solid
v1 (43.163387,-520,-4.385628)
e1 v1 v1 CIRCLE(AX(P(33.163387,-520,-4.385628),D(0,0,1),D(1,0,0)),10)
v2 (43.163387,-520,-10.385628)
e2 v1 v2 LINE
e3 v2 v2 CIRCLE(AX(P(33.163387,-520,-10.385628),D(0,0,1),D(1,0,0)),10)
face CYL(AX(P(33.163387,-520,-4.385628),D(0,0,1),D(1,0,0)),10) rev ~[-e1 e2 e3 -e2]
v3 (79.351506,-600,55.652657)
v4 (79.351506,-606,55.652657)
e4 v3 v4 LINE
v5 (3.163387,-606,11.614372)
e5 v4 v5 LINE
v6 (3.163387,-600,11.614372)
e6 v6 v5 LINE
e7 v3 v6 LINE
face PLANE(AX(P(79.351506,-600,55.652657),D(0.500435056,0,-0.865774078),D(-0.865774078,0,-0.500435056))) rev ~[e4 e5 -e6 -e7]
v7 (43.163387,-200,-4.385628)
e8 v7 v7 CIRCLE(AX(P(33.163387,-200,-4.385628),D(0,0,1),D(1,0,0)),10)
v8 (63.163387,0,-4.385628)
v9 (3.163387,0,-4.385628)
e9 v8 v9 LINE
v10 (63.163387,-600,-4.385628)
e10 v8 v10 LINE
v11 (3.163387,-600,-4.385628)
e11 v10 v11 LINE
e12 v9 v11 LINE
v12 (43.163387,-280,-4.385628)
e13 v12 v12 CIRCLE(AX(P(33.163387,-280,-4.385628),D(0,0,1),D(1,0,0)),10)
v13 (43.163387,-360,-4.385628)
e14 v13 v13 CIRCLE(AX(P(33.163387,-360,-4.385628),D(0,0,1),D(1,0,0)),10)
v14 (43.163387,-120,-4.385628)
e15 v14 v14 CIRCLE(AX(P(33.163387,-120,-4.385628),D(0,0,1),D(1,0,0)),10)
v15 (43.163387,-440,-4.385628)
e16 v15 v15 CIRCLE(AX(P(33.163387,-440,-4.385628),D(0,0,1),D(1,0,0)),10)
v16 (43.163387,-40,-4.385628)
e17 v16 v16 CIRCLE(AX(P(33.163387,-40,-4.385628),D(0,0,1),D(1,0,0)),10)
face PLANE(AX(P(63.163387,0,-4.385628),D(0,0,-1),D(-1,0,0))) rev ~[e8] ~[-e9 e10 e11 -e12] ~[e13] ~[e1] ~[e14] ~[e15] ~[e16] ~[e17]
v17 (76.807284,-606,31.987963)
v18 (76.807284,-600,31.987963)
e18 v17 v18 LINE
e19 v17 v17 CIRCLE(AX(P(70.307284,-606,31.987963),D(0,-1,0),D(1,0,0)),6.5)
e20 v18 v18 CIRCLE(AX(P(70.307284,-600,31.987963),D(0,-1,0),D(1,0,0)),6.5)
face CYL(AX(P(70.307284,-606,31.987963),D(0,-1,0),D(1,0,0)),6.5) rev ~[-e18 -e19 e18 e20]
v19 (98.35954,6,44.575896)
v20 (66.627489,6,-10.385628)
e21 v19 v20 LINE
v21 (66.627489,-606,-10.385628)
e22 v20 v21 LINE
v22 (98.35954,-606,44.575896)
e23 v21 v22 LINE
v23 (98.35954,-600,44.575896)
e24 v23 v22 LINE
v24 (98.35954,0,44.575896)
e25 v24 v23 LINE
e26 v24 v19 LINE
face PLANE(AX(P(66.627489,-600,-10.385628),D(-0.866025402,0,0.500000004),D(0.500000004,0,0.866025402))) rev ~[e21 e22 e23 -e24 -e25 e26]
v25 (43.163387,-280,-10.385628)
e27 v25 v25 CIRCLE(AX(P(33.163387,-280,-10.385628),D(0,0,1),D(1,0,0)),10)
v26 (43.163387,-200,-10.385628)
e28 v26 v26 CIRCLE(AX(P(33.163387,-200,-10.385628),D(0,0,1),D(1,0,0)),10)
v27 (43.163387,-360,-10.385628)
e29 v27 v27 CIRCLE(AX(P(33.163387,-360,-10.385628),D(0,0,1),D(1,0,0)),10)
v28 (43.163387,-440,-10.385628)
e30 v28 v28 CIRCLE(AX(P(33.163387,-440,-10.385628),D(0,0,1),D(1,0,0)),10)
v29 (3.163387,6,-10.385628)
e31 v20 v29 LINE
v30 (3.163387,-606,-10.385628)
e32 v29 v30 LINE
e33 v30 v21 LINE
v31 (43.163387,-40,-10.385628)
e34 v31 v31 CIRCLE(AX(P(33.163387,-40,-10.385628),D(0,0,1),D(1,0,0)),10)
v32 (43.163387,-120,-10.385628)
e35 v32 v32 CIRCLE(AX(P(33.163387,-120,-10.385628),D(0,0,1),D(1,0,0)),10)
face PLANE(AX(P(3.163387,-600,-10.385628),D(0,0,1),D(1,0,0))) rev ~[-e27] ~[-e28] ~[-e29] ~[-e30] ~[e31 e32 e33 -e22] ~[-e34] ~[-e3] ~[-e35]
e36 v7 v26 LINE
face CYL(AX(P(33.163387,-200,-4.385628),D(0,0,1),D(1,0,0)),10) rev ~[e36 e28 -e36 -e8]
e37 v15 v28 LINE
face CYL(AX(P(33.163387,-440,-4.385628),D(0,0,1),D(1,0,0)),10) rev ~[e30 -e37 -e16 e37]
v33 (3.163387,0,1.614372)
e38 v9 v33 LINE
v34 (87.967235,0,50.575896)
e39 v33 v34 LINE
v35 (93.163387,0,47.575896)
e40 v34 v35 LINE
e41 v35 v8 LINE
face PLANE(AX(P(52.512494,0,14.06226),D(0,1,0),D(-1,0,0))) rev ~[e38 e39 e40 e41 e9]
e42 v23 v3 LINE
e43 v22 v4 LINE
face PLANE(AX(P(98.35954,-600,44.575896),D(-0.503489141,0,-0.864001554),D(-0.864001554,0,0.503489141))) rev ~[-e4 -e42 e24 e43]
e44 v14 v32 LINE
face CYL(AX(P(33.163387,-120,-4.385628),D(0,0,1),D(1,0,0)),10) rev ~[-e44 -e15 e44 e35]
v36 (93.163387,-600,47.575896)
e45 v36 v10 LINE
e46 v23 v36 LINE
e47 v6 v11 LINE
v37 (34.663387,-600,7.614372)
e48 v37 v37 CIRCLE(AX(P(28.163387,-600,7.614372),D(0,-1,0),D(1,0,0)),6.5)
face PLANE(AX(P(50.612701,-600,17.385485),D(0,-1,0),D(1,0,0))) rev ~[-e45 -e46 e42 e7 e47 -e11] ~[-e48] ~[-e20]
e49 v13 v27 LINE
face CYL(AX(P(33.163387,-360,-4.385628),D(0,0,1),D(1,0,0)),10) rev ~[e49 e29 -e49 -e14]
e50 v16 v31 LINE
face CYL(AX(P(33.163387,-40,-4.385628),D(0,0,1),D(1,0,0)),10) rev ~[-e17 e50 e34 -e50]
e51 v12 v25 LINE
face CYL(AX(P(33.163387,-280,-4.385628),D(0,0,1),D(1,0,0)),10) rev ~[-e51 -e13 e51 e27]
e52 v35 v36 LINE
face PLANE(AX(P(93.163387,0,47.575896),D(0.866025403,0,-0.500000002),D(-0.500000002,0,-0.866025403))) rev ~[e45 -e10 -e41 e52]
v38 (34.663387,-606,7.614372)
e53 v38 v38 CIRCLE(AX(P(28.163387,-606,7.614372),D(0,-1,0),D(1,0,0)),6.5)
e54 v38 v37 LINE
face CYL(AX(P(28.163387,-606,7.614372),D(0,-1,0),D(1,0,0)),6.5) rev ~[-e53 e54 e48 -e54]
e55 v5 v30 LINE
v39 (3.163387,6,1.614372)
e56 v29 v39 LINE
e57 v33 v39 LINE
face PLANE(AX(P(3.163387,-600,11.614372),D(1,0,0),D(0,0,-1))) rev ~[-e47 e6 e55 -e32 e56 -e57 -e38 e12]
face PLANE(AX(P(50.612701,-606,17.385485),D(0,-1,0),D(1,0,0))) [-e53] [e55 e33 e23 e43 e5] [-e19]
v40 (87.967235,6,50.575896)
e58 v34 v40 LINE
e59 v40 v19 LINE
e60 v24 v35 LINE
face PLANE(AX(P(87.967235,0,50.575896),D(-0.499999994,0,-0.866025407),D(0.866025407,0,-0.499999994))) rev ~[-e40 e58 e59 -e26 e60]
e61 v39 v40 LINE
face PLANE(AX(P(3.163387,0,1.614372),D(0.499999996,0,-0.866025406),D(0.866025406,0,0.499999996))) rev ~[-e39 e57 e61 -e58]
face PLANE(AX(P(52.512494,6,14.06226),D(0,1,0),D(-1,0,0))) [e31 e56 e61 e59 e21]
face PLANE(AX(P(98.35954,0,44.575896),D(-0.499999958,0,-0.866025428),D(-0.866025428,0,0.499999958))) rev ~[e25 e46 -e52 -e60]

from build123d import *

# Parameters (mm, degrees)
F1_DEPTH = 600
F4_DEPTH = 6
F6_DEPTH = 6
F7_R     = 6.5
F8_DEPTH = 25
F3_R     = 10
F9_DEPTH = 25


with BuildPart() as f1:
    # F0 (on Front) → F1 (new body)
    with BuildSketch(Plane.XZ):
        Polygon((3.163387, -4.385628), (3.163387, -10.385628), (66.627489, -10.385628), (98.35954, 44.575896), (93.163387, 47.575896), (63.163387, -4.385628), align=None)
    extrude(amount=F1_DEPTH)

    # F2 (on face) → F4 (join)
    with BuildSketch(Plane(origin=(0, 0, 0), x_dir=(-1, 0, 0), z_dir=(0, 1, 0))):
        Polygon((-3.163387, -10.385628), (-3.163387, 1.614372), (-87.967235, 50.575896), (-98.35954, 44.575896), (-66.627489, -10.385628), align=None)
    extrude(amount=F4_DEPTH)

    # F5 (on face) → F6 (join)
    with BuildSketch(Plane.XZ.offset(600)):
        Polygon((3.163387, 11.614372), (3.163387, -10.385628), (66.627489, -10.385628), (98.35954, 44.575896), (79.351506, 55.652657), align=None)
    extrude(amount=F6_DEPTH)

    # F7 (on face) → F8 (cut)
    with BuildSketch(Plane.XZ.offset(606)):
        with Locations((70.307284, 31.987963)):
            Circle(F7_R)
        with Locations((28.163387, 7.614372)):
            Circle(F7_R)
    extrude(amount=-F8_DEPTH, mode=Mode.SUBTRACT)

    # F3 (on face) → F9 (cut)
    with BuildSketch(Plane.XY.offset(-4.385628)):
        with Locations((33.163387, -40)):
            Circle(F3_R)
        with Locations((33.163387, -120)):
            Circle(F3_R)
        with Locations((33.163387, -200)):
            Circle(F3_R)
        with Locations((33.163387, -280)):
            Circle(F3_R)
        with Locations((33.163387, -360)):
            Circle(F3_R)
        with Locations((33.163387, -440)):
            Circle(F3_R)
        with Locations((33.163387, -520)):
            Circle(F3_R)
    extrude(amount=-F9_DEPTH, mode=Mode.SUBTRACT)


solid = f1.part
